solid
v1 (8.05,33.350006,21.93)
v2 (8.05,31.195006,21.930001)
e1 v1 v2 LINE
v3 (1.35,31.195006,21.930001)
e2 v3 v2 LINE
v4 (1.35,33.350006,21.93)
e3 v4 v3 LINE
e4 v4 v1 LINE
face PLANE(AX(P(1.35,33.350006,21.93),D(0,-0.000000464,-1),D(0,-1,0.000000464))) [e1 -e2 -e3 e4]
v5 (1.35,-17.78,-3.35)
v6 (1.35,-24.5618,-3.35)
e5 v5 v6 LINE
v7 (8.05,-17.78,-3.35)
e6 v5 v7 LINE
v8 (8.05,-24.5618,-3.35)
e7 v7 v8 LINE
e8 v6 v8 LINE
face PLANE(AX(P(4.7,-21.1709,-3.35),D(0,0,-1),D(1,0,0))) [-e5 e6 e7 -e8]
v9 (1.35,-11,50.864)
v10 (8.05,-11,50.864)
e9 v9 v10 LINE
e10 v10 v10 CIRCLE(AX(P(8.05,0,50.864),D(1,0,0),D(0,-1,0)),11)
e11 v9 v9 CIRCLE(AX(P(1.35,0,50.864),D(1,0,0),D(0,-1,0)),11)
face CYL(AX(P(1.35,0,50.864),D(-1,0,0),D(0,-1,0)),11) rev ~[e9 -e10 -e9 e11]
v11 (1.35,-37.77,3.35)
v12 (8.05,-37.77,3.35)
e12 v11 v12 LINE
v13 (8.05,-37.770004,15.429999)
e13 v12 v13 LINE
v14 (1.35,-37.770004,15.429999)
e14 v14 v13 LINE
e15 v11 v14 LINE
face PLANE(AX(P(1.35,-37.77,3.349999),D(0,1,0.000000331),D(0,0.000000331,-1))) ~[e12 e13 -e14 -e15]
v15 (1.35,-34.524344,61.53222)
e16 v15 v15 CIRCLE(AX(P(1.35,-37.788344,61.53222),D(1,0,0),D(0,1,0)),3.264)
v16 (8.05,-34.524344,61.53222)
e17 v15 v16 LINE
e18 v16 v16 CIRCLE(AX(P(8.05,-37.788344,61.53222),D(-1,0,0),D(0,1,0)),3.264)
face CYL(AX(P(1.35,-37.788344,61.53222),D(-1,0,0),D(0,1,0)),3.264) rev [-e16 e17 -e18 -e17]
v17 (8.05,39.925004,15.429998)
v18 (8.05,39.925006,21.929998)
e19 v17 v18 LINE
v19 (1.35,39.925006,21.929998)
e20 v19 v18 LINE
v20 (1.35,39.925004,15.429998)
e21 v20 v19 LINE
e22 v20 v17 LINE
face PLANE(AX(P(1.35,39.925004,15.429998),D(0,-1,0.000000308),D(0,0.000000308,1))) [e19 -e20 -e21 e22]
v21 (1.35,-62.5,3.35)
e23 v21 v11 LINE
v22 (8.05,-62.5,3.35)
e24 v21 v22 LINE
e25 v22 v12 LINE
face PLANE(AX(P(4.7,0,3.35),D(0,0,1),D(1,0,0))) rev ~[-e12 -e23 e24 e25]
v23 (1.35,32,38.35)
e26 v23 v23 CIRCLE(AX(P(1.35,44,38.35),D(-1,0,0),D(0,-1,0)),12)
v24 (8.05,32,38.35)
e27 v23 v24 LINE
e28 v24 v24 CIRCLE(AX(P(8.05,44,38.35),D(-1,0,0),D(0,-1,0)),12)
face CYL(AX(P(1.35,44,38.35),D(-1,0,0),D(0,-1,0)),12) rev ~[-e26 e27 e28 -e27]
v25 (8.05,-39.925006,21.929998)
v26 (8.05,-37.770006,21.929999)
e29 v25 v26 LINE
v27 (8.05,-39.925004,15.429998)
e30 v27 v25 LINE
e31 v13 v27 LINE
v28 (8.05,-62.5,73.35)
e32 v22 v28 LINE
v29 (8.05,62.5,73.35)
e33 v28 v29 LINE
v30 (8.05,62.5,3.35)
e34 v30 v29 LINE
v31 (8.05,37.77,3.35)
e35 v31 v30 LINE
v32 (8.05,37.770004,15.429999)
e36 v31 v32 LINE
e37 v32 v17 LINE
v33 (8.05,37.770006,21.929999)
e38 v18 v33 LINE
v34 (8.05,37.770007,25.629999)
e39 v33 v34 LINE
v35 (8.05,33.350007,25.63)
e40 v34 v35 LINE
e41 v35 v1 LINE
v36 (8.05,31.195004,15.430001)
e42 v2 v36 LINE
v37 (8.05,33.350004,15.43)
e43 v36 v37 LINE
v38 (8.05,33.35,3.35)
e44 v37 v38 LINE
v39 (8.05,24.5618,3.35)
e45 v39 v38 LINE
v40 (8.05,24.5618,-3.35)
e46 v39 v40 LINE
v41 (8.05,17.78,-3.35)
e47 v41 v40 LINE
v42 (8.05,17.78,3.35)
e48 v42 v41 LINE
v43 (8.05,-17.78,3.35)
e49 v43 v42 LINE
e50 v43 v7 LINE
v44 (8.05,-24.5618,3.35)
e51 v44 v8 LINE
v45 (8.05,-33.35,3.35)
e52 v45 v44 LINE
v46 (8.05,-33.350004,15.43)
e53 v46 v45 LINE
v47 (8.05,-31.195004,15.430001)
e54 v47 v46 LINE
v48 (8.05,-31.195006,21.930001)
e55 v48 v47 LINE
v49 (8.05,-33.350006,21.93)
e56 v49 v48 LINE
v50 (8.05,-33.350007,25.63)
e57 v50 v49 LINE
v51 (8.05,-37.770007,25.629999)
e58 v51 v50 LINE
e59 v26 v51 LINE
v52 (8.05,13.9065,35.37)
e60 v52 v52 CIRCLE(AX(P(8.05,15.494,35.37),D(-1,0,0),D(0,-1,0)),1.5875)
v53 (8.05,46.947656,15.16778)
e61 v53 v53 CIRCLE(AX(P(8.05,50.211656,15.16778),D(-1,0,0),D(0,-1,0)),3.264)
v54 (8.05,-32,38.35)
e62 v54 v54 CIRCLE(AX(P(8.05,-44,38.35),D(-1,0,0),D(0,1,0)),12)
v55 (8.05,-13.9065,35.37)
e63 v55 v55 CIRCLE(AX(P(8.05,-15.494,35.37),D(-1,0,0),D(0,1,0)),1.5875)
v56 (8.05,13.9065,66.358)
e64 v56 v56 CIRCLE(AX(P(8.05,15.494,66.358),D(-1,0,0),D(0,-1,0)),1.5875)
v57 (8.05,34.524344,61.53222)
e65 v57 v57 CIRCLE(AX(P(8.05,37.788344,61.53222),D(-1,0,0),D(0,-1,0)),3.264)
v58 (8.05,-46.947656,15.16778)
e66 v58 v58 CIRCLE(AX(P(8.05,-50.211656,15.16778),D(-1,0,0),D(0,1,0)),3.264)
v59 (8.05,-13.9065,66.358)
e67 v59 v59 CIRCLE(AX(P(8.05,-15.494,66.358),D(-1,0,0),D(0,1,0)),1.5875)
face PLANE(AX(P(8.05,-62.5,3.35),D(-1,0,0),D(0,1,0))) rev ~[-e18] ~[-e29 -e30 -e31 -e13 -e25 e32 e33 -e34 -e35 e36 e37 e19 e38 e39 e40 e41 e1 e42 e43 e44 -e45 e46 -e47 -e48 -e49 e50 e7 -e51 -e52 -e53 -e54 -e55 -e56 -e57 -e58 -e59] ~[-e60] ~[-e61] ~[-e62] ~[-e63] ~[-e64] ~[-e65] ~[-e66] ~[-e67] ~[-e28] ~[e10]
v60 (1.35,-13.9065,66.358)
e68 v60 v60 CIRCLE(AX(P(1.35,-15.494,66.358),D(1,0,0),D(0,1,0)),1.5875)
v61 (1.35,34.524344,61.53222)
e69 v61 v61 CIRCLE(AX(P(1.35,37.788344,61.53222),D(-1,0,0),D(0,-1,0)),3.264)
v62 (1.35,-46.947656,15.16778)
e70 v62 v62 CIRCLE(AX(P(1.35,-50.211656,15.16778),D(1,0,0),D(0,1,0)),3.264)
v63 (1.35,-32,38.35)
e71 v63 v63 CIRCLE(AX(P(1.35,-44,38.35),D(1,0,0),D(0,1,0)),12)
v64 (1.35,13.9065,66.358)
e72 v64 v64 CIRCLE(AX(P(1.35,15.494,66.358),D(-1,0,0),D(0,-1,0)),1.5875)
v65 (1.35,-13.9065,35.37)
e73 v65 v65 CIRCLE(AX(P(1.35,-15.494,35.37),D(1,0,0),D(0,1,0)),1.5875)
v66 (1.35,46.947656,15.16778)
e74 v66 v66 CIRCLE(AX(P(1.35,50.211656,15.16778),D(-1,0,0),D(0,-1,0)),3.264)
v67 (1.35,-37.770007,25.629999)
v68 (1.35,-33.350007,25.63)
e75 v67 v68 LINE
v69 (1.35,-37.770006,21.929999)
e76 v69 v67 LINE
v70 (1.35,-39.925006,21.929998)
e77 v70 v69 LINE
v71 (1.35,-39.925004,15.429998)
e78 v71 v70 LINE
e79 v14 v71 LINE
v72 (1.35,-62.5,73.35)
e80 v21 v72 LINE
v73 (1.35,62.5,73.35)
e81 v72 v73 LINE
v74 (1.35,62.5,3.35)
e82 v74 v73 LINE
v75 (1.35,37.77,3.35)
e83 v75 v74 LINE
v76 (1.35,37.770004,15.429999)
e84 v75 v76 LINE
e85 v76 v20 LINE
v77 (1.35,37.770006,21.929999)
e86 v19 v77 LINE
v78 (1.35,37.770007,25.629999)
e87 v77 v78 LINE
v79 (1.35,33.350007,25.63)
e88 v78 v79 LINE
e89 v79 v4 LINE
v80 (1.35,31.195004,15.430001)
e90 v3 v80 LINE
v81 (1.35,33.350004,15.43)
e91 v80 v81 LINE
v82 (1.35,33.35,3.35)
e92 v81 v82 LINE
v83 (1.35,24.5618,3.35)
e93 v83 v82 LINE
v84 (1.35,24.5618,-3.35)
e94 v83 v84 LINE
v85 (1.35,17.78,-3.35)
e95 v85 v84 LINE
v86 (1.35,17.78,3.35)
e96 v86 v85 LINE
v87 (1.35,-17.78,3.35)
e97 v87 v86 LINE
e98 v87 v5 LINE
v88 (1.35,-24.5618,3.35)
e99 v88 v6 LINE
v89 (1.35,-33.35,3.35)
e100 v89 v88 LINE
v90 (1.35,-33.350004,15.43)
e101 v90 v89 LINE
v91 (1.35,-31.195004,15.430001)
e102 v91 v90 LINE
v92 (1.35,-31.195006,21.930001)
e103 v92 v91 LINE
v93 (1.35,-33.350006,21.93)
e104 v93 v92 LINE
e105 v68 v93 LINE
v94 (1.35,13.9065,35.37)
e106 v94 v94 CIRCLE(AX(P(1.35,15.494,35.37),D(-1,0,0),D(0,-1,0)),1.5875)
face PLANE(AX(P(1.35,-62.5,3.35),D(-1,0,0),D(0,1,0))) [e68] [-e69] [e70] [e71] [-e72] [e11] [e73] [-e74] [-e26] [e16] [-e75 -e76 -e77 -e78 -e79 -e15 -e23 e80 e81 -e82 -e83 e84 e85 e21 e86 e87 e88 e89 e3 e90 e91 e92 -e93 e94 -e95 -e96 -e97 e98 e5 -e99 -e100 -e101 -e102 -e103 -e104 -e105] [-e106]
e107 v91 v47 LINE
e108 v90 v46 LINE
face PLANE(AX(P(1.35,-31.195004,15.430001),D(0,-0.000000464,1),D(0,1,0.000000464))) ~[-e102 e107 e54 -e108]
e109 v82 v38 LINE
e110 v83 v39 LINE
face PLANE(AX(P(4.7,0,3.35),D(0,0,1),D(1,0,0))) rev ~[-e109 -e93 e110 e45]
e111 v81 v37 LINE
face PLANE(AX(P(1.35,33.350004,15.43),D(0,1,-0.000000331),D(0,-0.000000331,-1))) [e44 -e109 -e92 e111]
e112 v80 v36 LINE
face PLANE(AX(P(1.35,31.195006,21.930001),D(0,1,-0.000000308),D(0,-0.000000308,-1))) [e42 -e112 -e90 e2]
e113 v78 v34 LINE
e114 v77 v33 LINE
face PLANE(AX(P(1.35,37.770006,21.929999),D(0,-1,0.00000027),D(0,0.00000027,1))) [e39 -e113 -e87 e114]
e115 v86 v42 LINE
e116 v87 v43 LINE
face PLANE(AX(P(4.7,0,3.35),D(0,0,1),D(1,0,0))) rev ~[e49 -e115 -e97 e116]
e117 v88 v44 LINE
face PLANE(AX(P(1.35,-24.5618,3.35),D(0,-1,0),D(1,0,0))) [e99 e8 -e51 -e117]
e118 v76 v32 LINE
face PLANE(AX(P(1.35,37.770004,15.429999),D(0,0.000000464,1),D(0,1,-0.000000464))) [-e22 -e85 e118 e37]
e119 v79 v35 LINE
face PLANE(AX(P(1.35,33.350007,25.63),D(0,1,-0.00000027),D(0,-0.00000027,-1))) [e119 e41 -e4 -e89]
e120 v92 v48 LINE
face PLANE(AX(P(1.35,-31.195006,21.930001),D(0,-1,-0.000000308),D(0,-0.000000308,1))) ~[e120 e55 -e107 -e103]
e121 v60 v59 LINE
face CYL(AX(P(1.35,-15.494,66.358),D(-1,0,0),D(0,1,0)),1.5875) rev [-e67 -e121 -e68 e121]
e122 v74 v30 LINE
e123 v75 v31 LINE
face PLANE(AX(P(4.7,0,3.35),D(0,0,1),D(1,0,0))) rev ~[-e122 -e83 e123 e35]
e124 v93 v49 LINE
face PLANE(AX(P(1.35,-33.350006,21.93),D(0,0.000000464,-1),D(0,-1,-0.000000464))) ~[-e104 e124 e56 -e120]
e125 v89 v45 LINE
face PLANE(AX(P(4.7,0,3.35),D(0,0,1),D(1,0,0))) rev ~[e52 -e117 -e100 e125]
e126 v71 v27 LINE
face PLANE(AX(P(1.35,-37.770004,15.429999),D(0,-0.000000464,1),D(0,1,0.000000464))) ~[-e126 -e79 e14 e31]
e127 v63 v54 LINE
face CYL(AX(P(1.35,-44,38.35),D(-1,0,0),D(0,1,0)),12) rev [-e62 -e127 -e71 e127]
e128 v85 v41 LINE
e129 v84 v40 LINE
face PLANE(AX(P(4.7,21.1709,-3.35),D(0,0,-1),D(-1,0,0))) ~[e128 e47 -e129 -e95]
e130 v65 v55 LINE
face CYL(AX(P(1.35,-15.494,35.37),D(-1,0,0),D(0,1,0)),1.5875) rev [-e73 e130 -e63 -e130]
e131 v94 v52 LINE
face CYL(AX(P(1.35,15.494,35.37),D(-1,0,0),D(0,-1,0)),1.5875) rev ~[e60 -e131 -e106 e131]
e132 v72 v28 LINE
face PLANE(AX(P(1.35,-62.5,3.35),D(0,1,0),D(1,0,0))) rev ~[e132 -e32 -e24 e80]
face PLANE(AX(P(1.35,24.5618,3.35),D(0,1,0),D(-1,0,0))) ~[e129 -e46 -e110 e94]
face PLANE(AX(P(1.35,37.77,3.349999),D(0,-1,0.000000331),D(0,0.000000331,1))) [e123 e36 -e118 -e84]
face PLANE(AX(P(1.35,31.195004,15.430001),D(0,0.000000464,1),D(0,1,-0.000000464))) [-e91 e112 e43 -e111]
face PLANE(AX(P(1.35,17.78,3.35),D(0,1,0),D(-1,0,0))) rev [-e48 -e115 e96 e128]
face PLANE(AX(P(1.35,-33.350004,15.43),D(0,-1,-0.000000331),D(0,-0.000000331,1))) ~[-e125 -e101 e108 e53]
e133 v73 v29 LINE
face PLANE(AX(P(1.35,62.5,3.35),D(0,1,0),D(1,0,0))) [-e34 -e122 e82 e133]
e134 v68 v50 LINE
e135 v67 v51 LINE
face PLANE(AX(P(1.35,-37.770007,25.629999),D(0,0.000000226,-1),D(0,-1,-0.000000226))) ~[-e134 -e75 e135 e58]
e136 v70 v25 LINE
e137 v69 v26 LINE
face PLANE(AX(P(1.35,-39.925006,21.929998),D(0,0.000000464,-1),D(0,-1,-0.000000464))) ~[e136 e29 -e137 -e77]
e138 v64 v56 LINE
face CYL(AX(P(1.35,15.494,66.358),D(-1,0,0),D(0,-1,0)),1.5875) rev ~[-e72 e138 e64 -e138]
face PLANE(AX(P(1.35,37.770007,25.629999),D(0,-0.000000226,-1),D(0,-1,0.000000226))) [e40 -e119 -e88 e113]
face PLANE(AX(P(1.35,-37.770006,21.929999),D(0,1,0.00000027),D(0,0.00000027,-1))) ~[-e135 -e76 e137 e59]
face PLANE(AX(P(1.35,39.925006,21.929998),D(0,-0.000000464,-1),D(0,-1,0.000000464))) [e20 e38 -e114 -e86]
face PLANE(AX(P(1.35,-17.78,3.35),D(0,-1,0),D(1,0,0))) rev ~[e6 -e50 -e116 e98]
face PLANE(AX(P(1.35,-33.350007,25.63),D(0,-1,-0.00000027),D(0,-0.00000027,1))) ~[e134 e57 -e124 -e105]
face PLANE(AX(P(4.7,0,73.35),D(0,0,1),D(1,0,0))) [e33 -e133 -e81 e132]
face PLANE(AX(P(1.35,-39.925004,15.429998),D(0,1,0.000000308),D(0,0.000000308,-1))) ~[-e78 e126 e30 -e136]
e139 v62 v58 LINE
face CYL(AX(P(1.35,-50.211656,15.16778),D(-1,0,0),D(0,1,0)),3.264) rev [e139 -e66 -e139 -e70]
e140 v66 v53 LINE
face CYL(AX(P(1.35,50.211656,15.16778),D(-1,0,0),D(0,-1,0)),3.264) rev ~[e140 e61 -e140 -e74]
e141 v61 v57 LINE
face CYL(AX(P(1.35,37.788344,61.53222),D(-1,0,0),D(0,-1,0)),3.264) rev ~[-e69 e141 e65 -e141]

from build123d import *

# Parameters (mm, degrees)
SKETCH001_W                      = 6.7
SKETCH001_H                      = 125
PAD004_DEPTH                     = 70
SKETCH001002002010004010_R       = 12
SKETCH001002002010004010_R_2     = 11
SKETCH001002002010004010_R_3     = 3.264
SKETCH001002002010004010_R_4     = 1.5875
POCKET008_DEPTH                  = 293.545139
POCKET009_DEPTH                  = 293.545139
SKETCH001002002010004011001005_W = 6.7
SKETCH001002002010004011001005_H = 6.7818
PAD005_DEPTH                     = 6.7


with BuildPart() as part:
    # Sketch001 → Pad004 (new body)
    with BuildSketch(Plane.XY.offset(3.35)):
        with Locations((4.7, 0)):
            Rectangle(SKETCH001_W, SKETCH001_H)
    extrude(amount=PAD004_DEPTH)

    # Sketch001002002010004010 → Pocket008 (cut, through all)
    with BuildSketch(Plane(origin=(1.35, 0, 3.35), x_dir=(0, -1, 0), z_dir=(-1, 0, 0))):
        with Locations((-44, 35)):
            Circle(SKETCH001002002010004010_R)
        with Locations((0, 47.514)):
            Circle(SKETCH001002002010004010_R_2)
        with Locations((-37.788344, 58.18222)):
            Circle(SKETCH001002002010004010_R_3)
        with Locations((-50.211656, 11.81778)):
            Circle(SKETCH001002002010004010_R_3)
        with Locations((-15.494, 63.008)):
            Circle(SKETCH001002002010004010_R_4)
        with Locations((-15.494, 32.02)):
            Circle(SKETCH001002002010004010_R_4)
    pocket008 = extrude(amount=-POCKET008_DEPTH, mode=Mode.SUBTRACT)

    # Mirrored: Pocket008 across Sketch001002002010004010 V_Axis
    add(pocket008.mirror(Plane(origin=(1.35, 0, 3.35), x_dir=(-1, 0, 0), z_dir=(0, -1, 0))), mode=Mode.SUBTRACT)

    # Sketch001002002010004011001004 → Pocket009 (cut, through all)
    with BuildSketch(Plane(origin=(1.35, 0, 3.35), x_dir=(0, -1, 0), z_dir=(-1, 0, 0))):
        Polygon((-37.77, -1e-06), (-37.770004, 12.079999), (-39.925004, 12.079998), (-39.925006, 18.579998), (-37.770006, 18.579999), (-37.770007, 22.279999), (-33.350007, 22.28), (-33.350006, 18.58), (-31.195006, 18.580001), (-31.195004, 12.080001), (-33.350004, 12.08), (-33.35, 0), (-35.56, -1e-06), align=None)
    pocket009 = extrude(amount=-POCKET009_DEPTH, mode=Mode.SUBTRACT)

    # Mirrored001: Pocket009 across Sketch001002002010004011001004 V_Axis
    add(pocket009.mirror(Plane(origin=(1.35, 0, 3.35), x_dir=(-1, 0, 0), z_dir=(0, -1, 0))), mode=Mode.SUBTRACT)

    # Sketch001002002010004011001005 → Pad005 (new body)
    with BuildSketch(Plane(origin=(0, 0, 3.35), x_dir=(1, 0, 0), z_dir=(0, 0, -1))):
        with Locations((4.7, 21.1709)):
            Rectangle(SKETCH001002002010004011001005_W, SKETCH001002002010004011001005_H)
    pad005 = extrude(amount=PAD005_DEPTH)

    # Mirrored002: Pad005 across Sketch001002002010004011001005 H_Axis
    add(pad005.mirror(Plane(origin=(0, 0, 3.35), x_dir=(0, 0, -1), z_dir=(0, -1, 0))))


solid = part.part
